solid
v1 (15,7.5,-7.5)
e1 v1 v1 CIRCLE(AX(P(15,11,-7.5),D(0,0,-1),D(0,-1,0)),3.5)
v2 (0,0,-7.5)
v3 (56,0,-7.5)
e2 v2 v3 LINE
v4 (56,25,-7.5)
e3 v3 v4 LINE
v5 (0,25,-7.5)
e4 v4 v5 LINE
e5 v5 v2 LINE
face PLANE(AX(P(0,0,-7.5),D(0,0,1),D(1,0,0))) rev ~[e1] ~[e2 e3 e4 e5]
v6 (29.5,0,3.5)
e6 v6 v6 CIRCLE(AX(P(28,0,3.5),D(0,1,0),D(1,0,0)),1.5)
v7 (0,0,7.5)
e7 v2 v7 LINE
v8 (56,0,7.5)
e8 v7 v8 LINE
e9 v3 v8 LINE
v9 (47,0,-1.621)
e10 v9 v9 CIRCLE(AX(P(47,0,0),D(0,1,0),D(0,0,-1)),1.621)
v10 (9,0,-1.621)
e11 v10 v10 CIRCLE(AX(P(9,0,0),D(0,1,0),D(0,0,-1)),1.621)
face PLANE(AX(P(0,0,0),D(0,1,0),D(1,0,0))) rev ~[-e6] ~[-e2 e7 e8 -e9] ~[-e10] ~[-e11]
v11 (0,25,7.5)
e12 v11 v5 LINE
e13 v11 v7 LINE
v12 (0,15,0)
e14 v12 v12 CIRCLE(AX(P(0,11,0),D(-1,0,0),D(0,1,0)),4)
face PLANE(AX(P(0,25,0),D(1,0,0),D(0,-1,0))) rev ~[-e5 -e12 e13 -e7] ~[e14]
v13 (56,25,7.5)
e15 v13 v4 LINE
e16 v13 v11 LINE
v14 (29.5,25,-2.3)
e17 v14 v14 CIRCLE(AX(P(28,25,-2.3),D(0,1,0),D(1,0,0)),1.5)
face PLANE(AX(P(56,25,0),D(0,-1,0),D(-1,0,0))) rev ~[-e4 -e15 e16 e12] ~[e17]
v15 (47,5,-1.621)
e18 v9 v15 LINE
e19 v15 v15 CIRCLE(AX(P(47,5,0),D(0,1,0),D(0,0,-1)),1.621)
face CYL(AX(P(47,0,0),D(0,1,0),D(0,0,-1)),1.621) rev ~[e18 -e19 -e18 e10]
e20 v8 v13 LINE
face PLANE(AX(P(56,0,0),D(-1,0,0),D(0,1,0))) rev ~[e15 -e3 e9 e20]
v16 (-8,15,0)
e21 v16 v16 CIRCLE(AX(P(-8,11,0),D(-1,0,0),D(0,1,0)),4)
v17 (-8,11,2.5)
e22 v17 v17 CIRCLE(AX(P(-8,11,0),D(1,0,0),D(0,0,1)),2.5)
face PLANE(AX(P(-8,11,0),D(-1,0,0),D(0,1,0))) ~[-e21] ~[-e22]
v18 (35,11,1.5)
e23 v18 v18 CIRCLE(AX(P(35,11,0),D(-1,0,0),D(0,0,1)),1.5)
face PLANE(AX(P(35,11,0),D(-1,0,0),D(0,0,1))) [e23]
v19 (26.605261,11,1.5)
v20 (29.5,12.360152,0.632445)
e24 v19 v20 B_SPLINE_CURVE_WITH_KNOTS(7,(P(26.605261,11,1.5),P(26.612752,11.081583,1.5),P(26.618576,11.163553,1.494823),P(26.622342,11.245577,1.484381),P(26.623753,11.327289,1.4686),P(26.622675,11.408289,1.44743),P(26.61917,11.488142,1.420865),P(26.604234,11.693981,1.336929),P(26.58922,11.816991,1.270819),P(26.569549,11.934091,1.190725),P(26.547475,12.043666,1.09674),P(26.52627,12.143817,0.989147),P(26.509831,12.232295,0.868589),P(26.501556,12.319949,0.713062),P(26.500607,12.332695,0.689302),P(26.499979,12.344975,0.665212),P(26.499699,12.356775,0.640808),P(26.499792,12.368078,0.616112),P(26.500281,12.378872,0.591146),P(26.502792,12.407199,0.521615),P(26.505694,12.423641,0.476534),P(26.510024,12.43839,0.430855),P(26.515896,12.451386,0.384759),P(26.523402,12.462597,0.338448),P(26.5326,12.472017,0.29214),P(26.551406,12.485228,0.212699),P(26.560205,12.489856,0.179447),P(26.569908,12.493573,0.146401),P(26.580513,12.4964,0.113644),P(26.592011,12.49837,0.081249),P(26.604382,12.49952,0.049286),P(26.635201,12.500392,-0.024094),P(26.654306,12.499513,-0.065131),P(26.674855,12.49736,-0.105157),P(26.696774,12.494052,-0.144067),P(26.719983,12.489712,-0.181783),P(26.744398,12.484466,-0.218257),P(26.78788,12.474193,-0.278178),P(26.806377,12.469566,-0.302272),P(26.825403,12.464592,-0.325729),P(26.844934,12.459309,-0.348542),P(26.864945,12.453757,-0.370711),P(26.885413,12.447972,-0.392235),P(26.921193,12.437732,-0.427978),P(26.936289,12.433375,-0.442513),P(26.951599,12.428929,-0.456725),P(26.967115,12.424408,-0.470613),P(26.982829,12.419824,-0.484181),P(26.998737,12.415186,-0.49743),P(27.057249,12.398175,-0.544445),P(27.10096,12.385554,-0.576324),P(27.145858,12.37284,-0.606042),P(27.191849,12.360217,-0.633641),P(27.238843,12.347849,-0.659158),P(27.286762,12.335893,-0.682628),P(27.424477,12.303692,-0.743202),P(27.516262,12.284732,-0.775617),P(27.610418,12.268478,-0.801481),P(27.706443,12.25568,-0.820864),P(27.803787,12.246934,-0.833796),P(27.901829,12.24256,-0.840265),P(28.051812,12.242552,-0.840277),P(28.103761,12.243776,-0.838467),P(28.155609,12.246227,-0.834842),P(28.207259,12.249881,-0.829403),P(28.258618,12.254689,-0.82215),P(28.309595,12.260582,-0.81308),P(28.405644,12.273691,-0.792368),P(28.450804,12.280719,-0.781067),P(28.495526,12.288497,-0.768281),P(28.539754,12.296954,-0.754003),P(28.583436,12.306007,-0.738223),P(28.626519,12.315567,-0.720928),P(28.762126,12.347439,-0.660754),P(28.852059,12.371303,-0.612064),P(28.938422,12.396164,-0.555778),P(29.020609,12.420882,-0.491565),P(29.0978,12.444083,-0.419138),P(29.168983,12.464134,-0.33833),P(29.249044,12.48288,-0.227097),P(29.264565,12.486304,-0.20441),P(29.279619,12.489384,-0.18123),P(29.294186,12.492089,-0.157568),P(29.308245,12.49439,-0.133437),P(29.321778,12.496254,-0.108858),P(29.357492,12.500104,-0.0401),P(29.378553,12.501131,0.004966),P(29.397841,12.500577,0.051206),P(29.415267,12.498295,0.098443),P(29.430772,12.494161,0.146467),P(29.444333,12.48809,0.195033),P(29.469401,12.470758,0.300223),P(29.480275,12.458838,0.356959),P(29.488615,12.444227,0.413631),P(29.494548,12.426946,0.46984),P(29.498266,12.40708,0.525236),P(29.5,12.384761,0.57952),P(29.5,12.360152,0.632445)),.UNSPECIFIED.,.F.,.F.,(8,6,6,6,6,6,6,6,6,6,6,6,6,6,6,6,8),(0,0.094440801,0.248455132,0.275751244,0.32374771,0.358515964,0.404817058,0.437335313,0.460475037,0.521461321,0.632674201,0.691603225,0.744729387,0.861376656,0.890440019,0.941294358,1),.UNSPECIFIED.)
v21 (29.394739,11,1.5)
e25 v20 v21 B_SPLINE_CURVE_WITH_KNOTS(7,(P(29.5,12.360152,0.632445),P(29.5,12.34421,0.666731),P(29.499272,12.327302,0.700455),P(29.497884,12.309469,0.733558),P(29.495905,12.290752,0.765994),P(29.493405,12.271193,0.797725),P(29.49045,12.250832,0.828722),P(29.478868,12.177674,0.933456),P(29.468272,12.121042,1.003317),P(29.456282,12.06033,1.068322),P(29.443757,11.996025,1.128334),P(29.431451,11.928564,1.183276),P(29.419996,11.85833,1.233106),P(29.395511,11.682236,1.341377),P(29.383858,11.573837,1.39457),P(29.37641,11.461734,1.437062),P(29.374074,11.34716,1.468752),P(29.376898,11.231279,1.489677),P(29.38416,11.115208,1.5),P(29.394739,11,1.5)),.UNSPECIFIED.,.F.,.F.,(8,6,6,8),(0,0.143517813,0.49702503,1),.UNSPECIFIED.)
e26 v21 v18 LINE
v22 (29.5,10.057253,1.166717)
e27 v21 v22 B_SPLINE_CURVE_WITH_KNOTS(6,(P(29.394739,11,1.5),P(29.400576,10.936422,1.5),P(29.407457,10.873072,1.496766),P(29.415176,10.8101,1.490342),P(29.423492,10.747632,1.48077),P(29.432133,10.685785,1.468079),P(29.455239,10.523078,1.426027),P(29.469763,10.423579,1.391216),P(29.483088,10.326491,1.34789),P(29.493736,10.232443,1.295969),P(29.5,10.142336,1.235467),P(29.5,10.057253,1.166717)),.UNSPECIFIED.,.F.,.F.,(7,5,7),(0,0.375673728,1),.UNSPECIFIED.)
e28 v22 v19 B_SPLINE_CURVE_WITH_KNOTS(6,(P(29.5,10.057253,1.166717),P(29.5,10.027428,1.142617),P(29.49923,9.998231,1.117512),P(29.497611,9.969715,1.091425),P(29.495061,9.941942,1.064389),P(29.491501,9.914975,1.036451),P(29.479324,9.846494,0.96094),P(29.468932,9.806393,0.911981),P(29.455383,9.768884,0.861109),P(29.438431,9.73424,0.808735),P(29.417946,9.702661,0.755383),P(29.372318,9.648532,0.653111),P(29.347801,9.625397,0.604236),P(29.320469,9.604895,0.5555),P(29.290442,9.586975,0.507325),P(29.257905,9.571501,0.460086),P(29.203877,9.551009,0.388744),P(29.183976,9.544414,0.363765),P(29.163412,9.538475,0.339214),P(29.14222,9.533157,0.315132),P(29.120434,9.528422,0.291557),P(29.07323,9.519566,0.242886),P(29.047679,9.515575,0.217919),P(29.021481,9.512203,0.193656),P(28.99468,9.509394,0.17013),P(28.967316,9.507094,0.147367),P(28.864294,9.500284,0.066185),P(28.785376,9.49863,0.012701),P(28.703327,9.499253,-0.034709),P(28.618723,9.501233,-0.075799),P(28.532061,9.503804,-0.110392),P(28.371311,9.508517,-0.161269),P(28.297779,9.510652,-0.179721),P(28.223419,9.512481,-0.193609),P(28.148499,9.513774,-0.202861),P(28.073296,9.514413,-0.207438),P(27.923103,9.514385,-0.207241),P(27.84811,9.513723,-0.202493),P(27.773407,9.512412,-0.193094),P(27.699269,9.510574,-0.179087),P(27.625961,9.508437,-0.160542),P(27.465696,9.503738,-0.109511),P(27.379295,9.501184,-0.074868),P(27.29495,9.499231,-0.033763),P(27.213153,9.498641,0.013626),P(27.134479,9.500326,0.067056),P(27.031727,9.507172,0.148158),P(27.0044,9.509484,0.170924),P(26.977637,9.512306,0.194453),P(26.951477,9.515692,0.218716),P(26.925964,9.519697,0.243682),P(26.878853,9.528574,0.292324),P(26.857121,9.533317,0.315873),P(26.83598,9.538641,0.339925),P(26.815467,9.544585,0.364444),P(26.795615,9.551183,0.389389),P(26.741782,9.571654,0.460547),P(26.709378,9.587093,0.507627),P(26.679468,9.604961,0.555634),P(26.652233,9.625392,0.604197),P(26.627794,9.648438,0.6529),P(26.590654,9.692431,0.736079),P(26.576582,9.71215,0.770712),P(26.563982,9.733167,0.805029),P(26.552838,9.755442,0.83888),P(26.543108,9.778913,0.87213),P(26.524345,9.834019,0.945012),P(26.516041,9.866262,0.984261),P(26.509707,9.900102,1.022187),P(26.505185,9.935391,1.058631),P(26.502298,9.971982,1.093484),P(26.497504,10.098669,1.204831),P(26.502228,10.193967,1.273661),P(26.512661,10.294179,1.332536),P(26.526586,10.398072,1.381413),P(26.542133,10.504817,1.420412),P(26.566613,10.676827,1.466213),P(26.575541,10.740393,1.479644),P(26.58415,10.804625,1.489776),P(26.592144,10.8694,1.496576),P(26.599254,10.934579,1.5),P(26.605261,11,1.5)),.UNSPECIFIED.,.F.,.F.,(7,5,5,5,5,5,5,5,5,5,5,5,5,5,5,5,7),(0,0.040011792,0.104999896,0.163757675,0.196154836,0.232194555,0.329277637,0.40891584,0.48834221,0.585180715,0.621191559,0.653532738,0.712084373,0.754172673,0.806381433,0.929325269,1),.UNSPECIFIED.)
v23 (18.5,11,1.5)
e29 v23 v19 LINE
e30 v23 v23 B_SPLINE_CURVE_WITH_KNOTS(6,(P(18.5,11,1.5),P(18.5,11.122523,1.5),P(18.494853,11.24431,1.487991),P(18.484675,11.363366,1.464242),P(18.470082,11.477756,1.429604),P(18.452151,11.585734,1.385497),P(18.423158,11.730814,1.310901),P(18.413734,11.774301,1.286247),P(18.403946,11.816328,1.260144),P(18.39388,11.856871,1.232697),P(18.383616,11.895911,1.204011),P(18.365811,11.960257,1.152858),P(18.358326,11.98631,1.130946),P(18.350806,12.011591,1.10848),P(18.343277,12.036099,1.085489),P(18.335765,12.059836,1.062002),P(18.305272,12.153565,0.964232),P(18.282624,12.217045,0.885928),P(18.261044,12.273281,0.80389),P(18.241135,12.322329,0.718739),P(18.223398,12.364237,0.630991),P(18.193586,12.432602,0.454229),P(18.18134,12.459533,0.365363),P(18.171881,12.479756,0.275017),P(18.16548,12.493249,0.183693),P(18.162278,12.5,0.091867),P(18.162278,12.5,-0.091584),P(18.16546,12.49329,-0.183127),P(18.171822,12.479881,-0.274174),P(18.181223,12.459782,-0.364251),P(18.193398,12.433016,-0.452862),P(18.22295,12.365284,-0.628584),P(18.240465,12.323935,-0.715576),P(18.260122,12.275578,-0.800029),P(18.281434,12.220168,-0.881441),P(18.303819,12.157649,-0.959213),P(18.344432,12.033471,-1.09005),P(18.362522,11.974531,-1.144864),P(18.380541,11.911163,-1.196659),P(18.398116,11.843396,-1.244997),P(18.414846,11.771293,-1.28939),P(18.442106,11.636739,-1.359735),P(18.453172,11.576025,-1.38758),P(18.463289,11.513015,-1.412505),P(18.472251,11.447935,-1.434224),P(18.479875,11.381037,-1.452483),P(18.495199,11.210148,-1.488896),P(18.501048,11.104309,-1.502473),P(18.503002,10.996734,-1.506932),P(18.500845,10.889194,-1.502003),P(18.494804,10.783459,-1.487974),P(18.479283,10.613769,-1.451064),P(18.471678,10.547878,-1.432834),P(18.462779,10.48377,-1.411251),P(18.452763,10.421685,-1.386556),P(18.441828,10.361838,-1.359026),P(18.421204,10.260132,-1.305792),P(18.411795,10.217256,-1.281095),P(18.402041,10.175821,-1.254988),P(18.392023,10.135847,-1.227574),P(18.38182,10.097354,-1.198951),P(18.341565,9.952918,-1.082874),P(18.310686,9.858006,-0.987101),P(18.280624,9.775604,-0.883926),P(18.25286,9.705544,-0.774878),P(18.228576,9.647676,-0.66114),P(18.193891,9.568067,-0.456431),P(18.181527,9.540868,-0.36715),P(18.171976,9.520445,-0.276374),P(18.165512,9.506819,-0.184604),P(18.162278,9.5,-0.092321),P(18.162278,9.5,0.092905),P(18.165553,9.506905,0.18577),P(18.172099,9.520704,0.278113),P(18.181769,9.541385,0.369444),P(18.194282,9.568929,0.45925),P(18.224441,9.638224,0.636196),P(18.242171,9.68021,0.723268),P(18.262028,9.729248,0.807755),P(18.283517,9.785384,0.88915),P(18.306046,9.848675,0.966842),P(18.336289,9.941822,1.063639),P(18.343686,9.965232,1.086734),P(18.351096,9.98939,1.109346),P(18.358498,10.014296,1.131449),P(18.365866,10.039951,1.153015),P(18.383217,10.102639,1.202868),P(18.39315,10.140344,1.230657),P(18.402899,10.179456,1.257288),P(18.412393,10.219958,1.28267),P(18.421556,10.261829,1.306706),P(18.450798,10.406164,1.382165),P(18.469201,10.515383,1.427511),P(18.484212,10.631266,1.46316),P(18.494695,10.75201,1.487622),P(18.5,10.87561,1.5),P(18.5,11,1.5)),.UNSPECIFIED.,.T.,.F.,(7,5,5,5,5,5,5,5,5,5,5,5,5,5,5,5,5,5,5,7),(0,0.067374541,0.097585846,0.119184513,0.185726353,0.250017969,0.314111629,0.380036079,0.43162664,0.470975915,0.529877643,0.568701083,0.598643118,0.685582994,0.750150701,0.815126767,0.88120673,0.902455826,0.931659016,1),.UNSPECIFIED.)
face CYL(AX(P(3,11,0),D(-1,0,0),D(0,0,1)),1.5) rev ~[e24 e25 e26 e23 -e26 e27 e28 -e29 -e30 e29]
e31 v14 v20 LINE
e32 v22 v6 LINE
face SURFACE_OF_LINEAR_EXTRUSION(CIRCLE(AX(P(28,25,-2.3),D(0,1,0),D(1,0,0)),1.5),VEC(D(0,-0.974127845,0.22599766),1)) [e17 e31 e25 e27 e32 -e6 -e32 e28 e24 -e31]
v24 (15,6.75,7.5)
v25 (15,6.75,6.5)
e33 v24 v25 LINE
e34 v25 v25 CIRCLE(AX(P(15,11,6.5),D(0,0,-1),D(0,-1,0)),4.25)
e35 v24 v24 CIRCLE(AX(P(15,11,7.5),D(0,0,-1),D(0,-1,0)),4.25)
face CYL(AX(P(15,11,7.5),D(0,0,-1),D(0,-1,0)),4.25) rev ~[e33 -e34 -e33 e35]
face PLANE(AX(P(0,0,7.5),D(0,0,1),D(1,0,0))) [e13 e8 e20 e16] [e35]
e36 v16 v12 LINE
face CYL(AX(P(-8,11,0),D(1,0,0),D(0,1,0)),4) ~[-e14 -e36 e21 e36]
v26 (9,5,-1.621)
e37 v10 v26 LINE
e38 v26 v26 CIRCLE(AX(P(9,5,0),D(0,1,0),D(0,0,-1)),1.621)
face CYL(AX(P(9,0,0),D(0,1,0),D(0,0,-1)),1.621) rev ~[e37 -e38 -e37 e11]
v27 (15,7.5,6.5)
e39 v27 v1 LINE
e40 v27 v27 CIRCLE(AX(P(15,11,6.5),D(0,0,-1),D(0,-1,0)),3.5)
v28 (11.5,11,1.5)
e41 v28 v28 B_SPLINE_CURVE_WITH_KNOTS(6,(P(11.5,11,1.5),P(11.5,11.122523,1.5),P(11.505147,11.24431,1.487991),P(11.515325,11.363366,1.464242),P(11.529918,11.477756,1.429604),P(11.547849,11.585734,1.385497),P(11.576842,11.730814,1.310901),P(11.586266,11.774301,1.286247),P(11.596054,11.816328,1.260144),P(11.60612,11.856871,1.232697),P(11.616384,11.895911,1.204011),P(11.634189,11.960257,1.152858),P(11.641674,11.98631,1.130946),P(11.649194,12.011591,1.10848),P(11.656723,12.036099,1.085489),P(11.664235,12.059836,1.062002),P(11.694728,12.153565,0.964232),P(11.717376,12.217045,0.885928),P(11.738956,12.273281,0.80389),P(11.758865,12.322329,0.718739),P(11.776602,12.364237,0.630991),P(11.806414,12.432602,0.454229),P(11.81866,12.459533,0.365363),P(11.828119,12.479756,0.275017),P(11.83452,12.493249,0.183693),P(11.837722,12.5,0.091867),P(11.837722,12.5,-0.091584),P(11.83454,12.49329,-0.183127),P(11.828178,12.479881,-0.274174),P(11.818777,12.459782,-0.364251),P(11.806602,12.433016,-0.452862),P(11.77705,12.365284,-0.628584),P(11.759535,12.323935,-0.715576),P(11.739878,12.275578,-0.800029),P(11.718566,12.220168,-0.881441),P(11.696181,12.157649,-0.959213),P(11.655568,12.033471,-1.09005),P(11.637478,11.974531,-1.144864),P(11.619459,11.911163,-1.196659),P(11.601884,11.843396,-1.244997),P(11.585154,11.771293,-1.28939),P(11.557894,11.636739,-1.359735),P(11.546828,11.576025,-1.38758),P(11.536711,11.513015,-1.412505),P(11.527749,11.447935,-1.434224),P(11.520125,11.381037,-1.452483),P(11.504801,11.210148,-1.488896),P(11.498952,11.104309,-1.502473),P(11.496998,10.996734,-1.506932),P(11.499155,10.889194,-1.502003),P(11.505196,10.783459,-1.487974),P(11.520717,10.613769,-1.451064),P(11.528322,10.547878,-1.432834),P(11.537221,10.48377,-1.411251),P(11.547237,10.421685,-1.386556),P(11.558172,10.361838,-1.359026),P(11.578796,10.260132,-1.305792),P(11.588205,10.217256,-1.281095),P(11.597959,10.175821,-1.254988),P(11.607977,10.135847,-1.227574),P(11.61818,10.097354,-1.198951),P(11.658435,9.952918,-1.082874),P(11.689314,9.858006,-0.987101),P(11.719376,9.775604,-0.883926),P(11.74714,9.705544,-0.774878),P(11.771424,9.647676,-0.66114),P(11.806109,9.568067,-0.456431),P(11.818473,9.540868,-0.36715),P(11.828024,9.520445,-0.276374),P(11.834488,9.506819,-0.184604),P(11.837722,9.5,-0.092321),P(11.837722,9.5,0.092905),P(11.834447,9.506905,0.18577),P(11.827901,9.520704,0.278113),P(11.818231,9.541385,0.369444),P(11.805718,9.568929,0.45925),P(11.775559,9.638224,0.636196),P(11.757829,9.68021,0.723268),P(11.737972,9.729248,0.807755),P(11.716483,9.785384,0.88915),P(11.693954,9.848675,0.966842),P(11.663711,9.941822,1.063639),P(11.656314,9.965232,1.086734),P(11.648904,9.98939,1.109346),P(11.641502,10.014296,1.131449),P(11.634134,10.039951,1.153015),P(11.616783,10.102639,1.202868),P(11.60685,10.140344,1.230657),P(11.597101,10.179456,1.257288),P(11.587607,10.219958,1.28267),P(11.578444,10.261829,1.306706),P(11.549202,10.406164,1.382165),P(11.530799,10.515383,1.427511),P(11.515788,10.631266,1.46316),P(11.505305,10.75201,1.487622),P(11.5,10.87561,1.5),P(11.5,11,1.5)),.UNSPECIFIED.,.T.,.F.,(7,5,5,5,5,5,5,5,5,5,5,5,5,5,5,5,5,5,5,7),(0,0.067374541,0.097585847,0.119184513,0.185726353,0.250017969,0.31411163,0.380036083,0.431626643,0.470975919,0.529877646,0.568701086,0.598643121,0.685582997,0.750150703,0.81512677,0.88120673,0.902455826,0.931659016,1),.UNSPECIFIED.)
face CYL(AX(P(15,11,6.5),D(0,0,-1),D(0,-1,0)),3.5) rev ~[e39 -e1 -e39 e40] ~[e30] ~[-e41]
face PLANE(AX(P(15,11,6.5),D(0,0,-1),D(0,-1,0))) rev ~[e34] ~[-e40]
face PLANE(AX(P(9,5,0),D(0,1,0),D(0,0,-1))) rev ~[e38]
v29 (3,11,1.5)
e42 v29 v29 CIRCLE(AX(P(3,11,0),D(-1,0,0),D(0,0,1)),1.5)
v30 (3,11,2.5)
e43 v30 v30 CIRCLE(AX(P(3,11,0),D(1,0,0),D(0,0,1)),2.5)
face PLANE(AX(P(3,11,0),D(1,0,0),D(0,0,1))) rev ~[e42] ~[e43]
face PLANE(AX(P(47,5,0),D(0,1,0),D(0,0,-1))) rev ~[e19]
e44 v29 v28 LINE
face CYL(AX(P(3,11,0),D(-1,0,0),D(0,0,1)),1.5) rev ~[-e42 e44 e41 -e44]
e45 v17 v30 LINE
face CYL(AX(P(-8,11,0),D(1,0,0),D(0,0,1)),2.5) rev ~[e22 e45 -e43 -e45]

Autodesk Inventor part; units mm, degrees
ref_plane "YZ Plane" through (0, 0, 0) normal (1, 0, 0) x (0, 1, 0)
sketch "Sketch1" plane through (0, 0, 0) normal (0, 0, 1) x (1, 0, 0)
  line L0 (0, 0) -> (56, 0)
  line L1 (56, 0) -> (56, 25)
  line L2 (56, 25) -> (0, 25)
  line L3 (0, 25) -> (0, 0)
  dimension "d0" = 56
  dimension "d1" = 25
extrude "Extrusion1" add sketch "Sketch1" along normal mid plane 15
sketch "Sketch2" plane through (0, 0, 7.5) normal (0, 0, 1) x (1, 0, 0)
  line L0 (0, 0) -> (56, 0) projected
  line L1 (0, 25) -> (0, 0) projected
  point P0 (15, 11)
  dimension "d4" = 11
  dimension "d5" = 15
hole "Hole1" at (15, 11, 7.5) direction (0, 0, -1) diameter 7 depth 15 counterbore diameter 8.5 counterbore depth 1
ref_plane "Work Plane1" through (0, 0, 0) normal (0, 0, 1) x (1, 0, 0)
sketch "Sketch3" plane through (0, 0, 0) normal (0, 0, 1) x (1, 0, 0)
  line L0 (1.4815, 11) -> (-8, 11)
  line L1 (-8, 11) -> (-8, 15)
  line L2 (-8, 15) -> (0, 15)
  line L3 (0, 16) -> (3, 16)
  line L4 (3, 16) -> (3, 11)
  line L5 (3, 11) -> (1.4815, 11)
  line L6 (0, 15) -> (0, 16)
  line L7 (0, 0) -> (0, 25) projected
  line L8 (56, 0) -> (0, 0) projected
  dimension "d14" = 8
  dimension "d15" = 11
  dimension "d16" = 3
  dimension "d17" = 11
  dimension "d18" = 10
revolve "Revolution1" add sketch "Sketch3" angle 360 about axis through (1.4815, 11, 0) along (-1, 0, 0)
sketch "Sketch4" plane through (-8, 11, 0) normal (-1, 0, 0) x (0, 0, 1)
  circle A0 centre (0, 0) radius 4 projected
  point P0 (0, -11)
hole "Hole2" at (-8, 11, 0) direction (1, 0, 0) diameter 5 depth 11
thread "Thread1"
sketch "Sketch6" plane through (0, 0, 7.5) normal (0, -1, 0) x (1, 0, 0)
  line L0 (0, -15) -> (0, 0) projected
  line L1 (56, 0) -> (56, -15) projected
  line L2 (0, 0) -> (56, 0) projected
  point P0 (0, -7.5)
  point P1 (9, -7.5)
  point P2 (47, -7.5)
  point P3 (0, -7.5)
  point P4 (56, -7.5)
  point P5 (28, 0)
  dimension "d29" = 38
  dimension "d30" = 19
hole "Hole3" at (9, 0, 0) at (47, 0, 0) direction (0, 1, 0) diameter 3.242 depth 5
ref_plane "Work Plane3" through (28, 0, 7.5) normal (1, 0, 0) x (0, 0, -1)
sketch "Sketch8" plane through (28, 0, 7.5) normal (1, 0, 0) x (0, 0, -1)
  line L0 (15, 25) -> (0, 25) projected
  line L1 (15, 0) -> (15, 25) projected
  line L2 (9.8, 25) -> (4, 0)
  line L3 (0, 25) -> (0, 0) projected
  line L4 (15, 0) -> (0, 0) projected
  point P0 (7.5, 0)
  dimension "d40" = 5.2
  dimension "d41" = 4
sketch "Sketch10" plane through (0, 25, 7.5) normal (0, 1, 0) x (1, 0, 0)
  circle A0 centre (28, 9.8) radius 1.5
  point P0 (0, 7.5)
  dimension "d42" = 3
sweep "Sweep1" cut profiles "Sketch10" path "Sketch8" path curves L2
sketch "Sketch12" plane through (3, 11, 0) normal (-1, 0, 0) x (0, 0, 1)
  line L0 (-7.5, 14) -> (7.5, 14) projected
  line L1 (7.5, -11) -> (7.5, 14) projected
  line L2 (7.5, -11) -> (-7.5, -11) projected
  line L3 (-7.5, 14) -> (-7.5, -11) projected
  circle A0 centre (0, 0) radius 1.5
  point P0 (0, -11)
  point P1 (0, 14)
  dimension "d45" = 3
  dimension "d46" = 11
extrude "Extrusion2" cut sketch "Sketch12" against normal blind 32 contours A0
properties part number "150" material "Steel, Cast"
